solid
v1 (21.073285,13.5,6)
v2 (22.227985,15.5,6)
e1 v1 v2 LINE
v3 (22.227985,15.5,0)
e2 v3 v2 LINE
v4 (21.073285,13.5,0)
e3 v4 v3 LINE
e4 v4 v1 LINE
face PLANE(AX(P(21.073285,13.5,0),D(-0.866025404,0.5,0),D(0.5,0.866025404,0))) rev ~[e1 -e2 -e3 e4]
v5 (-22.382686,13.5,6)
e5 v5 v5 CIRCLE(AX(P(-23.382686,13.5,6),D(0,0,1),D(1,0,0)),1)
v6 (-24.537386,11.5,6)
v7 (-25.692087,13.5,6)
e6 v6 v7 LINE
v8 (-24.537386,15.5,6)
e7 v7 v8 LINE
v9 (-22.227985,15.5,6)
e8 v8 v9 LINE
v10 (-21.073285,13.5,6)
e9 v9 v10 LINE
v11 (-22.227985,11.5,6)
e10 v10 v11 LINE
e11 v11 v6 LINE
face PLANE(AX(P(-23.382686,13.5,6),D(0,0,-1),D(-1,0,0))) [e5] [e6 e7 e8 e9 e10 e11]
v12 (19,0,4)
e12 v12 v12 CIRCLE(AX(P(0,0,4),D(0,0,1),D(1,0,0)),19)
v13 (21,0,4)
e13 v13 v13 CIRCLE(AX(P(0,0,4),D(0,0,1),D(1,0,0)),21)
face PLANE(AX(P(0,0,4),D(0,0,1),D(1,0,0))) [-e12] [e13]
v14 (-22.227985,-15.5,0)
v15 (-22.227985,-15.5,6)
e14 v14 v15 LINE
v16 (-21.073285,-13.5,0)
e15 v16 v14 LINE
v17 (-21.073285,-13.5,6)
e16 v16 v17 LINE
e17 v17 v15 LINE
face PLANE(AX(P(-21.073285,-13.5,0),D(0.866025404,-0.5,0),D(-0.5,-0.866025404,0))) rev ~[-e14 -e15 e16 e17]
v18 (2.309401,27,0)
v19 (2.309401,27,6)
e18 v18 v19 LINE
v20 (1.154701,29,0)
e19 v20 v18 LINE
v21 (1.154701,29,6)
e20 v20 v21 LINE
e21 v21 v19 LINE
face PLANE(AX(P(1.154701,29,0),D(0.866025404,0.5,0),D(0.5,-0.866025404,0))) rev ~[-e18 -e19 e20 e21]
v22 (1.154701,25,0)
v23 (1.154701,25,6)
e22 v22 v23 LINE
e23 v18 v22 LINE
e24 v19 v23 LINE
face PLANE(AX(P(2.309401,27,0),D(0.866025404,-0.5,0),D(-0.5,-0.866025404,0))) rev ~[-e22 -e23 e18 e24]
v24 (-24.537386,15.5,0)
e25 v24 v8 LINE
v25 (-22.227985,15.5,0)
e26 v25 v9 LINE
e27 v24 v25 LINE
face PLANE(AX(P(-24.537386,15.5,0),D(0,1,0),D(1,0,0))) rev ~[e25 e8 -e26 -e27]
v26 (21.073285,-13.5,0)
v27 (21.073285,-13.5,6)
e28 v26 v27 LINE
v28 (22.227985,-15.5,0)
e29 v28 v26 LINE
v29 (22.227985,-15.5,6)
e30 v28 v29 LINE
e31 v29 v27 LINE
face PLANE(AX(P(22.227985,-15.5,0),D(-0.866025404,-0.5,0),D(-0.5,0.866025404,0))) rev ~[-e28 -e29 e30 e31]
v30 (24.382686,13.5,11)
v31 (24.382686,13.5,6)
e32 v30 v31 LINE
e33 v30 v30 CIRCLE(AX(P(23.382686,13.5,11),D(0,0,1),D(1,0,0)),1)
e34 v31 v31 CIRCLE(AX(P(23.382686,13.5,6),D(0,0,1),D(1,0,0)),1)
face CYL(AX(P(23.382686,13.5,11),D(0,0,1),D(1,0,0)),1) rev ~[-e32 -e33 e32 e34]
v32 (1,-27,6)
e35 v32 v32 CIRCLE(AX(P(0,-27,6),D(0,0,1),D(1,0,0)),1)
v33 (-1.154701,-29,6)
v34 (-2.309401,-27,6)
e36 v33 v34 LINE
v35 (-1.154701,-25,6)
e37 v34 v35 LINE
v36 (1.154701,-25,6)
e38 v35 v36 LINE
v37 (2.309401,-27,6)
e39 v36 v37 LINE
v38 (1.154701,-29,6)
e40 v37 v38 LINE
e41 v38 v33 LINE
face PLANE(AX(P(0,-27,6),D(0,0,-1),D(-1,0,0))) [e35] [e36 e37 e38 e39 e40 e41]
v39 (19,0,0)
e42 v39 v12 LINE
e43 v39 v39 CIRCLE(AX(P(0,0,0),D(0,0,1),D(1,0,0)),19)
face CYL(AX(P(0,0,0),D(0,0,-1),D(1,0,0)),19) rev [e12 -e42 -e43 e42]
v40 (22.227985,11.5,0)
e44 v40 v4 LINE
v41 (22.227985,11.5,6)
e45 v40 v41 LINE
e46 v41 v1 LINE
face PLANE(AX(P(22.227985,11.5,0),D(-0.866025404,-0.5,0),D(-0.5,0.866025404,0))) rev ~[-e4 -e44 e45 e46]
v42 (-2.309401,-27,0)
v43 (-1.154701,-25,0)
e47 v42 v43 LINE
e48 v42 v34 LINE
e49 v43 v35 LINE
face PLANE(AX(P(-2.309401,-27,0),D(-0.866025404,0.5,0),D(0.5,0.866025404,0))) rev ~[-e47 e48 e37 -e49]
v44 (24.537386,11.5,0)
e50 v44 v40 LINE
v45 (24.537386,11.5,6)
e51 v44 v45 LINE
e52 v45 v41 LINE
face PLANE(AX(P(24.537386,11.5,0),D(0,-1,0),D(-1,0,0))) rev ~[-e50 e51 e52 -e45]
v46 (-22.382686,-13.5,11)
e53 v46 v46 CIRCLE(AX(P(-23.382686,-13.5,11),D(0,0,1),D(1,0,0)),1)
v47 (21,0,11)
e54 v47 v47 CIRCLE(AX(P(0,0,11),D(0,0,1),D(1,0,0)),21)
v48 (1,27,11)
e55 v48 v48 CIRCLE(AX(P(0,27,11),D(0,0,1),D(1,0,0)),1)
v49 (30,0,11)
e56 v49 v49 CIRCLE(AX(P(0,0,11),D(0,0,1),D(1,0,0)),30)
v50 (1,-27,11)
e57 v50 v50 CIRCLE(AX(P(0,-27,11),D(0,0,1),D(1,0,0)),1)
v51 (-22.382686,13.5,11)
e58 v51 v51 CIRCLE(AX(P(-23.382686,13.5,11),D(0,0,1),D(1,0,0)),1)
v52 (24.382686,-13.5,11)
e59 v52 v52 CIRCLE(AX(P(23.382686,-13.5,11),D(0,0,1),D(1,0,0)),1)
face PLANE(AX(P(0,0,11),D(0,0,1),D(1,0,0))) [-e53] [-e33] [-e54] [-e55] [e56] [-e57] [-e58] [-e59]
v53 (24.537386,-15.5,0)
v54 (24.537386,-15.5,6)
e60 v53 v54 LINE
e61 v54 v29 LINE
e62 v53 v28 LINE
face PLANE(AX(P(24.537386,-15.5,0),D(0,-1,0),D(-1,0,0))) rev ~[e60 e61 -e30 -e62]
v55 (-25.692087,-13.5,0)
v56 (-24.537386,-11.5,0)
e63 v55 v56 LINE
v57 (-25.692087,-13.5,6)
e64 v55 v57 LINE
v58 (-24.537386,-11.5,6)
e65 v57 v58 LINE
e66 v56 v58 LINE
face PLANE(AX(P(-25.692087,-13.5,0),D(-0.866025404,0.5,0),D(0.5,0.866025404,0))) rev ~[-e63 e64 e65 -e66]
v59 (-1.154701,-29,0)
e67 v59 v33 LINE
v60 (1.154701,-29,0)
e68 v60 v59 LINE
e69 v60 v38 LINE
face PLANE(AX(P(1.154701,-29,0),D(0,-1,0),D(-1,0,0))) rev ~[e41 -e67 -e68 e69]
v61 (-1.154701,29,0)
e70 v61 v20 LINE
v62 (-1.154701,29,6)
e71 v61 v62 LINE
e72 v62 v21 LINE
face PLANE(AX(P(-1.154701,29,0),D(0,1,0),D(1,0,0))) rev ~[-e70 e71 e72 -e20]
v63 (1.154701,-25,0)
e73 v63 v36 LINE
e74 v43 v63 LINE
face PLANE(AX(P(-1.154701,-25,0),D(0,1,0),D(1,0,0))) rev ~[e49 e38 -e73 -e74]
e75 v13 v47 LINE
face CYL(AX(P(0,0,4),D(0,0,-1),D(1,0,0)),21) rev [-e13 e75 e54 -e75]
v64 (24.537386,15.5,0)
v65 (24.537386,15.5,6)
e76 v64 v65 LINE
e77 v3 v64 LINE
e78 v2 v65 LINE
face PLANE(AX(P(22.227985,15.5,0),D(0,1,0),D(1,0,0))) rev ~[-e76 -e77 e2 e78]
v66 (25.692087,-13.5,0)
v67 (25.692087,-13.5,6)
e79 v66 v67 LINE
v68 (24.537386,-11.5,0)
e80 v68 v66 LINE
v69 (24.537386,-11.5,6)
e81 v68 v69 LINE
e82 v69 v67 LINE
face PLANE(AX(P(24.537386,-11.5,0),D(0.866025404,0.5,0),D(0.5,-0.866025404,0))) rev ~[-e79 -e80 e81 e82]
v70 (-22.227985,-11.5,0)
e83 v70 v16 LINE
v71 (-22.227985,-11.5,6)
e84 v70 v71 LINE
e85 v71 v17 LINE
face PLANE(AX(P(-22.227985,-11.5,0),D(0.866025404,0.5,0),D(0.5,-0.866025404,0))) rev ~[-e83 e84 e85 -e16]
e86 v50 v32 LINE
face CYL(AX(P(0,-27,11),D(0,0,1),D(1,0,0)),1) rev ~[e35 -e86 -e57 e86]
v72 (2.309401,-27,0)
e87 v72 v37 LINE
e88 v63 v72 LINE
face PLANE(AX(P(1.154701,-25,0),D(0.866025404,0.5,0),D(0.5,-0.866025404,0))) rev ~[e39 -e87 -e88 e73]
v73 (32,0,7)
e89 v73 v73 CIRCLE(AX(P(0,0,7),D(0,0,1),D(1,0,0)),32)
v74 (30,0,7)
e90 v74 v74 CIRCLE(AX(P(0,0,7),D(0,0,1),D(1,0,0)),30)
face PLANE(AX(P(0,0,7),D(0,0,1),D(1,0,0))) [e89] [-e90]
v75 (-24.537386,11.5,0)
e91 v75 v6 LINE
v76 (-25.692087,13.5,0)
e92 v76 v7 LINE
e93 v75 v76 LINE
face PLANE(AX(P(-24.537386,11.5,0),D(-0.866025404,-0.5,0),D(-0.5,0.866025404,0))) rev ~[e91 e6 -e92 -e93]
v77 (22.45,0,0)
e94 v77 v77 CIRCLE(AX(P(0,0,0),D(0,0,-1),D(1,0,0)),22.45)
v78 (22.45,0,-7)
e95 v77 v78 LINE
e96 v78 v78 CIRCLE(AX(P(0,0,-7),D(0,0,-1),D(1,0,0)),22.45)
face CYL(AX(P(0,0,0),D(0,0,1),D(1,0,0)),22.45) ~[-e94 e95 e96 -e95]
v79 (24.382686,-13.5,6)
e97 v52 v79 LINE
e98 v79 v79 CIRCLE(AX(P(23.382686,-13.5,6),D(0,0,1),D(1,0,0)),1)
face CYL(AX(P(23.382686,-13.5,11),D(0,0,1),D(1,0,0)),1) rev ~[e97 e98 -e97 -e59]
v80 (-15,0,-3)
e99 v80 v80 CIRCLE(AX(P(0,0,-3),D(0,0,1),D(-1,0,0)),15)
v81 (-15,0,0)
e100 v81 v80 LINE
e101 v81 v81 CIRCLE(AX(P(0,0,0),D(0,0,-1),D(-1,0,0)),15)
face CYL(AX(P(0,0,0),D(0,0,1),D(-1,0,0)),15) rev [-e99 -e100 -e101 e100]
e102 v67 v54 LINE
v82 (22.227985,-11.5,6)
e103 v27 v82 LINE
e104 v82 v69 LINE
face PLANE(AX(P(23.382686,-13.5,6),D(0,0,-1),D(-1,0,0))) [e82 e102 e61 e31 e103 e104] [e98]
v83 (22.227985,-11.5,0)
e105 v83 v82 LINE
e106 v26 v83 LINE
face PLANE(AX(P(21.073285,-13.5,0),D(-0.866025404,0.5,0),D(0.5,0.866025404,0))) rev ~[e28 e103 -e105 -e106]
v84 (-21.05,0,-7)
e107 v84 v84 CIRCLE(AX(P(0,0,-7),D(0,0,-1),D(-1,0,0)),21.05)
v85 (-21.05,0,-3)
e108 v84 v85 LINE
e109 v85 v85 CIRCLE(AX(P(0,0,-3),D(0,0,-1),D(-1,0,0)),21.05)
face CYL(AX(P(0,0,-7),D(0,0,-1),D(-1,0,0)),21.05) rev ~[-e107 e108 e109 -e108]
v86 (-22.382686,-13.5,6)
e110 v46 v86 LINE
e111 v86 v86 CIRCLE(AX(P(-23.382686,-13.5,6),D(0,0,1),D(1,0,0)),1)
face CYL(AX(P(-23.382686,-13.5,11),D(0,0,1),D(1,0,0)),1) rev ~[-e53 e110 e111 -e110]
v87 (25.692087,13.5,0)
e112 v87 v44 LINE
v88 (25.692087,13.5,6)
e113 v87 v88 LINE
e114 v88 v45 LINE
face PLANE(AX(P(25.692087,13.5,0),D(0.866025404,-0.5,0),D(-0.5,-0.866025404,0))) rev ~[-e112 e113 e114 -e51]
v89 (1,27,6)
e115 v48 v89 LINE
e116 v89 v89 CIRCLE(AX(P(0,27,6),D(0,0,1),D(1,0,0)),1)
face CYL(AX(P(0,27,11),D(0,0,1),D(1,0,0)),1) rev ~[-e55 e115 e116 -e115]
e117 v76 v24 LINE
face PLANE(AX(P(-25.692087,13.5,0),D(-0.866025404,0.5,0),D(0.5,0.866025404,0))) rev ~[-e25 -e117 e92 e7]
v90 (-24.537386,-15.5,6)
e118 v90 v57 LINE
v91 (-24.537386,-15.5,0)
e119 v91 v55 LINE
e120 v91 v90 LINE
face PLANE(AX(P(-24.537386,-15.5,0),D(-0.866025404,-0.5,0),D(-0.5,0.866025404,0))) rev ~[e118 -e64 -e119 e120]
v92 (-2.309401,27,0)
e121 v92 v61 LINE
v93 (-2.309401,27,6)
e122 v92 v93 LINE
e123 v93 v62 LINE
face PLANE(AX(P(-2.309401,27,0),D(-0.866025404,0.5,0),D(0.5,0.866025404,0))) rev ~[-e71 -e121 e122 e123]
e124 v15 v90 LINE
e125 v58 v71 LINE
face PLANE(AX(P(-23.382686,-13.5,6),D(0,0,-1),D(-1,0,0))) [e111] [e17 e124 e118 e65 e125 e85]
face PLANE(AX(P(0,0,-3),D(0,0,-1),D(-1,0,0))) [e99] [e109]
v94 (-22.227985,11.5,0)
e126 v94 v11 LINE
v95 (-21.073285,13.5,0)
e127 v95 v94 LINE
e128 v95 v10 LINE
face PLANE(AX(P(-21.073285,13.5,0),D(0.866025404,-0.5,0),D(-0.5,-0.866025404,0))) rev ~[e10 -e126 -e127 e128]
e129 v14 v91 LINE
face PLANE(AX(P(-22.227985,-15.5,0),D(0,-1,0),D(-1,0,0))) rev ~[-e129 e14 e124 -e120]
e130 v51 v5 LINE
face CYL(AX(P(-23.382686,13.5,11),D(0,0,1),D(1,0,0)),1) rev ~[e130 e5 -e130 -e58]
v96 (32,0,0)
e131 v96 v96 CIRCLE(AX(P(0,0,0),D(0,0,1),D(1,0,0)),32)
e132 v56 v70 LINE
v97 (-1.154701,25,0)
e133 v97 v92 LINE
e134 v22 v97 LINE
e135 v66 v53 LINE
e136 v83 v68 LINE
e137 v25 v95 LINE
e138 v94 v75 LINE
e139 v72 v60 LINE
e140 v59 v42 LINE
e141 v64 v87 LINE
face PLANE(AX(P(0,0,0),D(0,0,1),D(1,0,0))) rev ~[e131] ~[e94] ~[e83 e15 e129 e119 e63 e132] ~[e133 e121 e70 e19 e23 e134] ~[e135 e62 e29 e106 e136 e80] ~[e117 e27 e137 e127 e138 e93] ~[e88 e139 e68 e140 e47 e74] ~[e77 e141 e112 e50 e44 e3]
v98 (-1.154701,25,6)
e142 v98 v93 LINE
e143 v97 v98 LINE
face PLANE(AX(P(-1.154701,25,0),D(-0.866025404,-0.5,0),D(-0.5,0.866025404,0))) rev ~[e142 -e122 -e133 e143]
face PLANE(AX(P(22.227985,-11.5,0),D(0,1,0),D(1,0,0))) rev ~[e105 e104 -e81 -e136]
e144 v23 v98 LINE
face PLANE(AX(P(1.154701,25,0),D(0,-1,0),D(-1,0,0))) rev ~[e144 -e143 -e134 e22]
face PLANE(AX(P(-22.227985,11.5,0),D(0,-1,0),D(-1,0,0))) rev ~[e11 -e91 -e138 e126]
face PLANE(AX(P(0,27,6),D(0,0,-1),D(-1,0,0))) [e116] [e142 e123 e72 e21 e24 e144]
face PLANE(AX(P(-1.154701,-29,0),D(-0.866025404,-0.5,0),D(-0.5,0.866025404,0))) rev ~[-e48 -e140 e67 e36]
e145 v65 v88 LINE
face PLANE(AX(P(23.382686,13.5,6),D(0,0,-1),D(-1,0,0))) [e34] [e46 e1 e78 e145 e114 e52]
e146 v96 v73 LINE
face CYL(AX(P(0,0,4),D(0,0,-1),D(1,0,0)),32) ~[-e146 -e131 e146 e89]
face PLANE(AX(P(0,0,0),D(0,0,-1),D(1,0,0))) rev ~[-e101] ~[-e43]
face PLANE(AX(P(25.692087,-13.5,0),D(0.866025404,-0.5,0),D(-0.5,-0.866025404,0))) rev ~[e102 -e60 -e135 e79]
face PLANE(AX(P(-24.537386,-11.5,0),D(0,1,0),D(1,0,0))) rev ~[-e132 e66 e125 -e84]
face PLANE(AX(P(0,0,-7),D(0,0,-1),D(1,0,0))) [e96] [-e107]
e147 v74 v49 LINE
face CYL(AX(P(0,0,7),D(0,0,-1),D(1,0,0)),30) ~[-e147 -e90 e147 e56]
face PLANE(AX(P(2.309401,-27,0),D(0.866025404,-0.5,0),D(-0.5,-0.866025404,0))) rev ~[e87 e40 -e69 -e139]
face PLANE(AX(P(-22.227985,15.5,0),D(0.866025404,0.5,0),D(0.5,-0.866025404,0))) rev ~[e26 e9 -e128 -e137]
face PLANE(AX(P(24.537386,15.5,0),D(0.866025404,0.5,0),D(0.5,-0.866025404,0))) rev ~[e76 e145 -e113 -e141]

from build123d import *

# Parameters (mm, degrees)
SKETCH_1_R          = 32
SKETCH_1_R_2        = 19
EXTRUDE_1_DEPTH     = 4
SKETCH_2_R          = 32
SKETCH_2_R_2        = 21
EXTRUDE_2_DEPTH     = 7
SKETCH_3_R          = 1
CUT_EXTRUDE_1_DEPTH = 47.572524089
CUT_EXTRUDE_2_DEPTH = 6
SKETCH_5_R          = 22.45
SKETCH_5_R_2        = 15
EXTRUDE_3_DEPTH     = 7
SKETCH_6_R          = 21.05
CUT_EXTRUDE_3_DEPTH = 4
CUT_EXTRUDE_START   = -4
SKETCH_7_R          = 32
SKETCH_7_R_2        = 30
CUT_EXTRUDE_4_DEPTH = 4


with BuildPart() as part:
    # 草图1 → 凸台-拉伸1 (new body)
    with BuildSketch(Plane.XY):
        Circle(SKETCH_1_R)
        Circle(SKETCH_1_R_2, mode=Mode.SUBTRACT)
    extrude(amount=EXTRUDE_1_DEPTH)

    # 草图2 → 凸台-拉伸2 (add)
    with BuildSketch(Plane.XY.offset(4)):
        Circle(SKETCH_2_R)
        Circle(SKETCH_2_R_2, mode=Mode.SUBTRACT)
    extrude(amount=EXTRUDE_2_DEPTH)

    # 草图3 → 切除-拉伸1 (cut, through all)
    with BuildSketch(Plane.XY.offset(11)):
        with Locations((0, 27)):
            Circle(SKETCH_3_R)
        with Locations((23.382685902, 13.5)):
            Circle(SKETCH_3_R)
        with Locations((23.382685902, -13.5)):
            Circle(SKETCH_3_R)
        with Locations((0, -27)):
            Circle(SKETCH_3_R)
        with Locations((-23.382685902, -13.5)):
            Circle(SKETCH_3_R)
        with Locations((-23.382685902, 13.5)):
            Circle(SKETCH_3_R)
    extrude(amount=-CUT_EXTRUDE_1_DEPTH, mode=Mode.SUBTRACT)

    # 草图4 → 切除-拉伸2 (cut)
    with BuildSketch(Plane(origin=(0, 0, 0), x_dir=(-1, 0, 0), z_dir=(0, 0, -1))):
        Polygon((21.073284825, 13.5), (22.227985364, 11.5), (24.537386441, 11.5), (25.692086979, 13.5), (24.537386441, 15.5), (22.227985364, 15.5), align=None)
        Polygon((-1.154700538, 25), (1.154700538, 25), (2.309401077, 27), (1.154700538, 29), (-1.154700538, 29), (-2.309401077, 27), align=None)
        Polygon((22.227985364, -11.5), (21.073284825, -13.5), (22.227985364, -15.5), (24.537386441, -15.5), (25.692086979, -13.5), (24.537386441, -11.5), align=None)
        Polygon((1.154700538, -25), (-1.154700538, -25), (-2.309401077, -27), (-1.154700538, -29), (1.154700538, -29), (2.309401077, -27), align=None)
        Polygon((-21.073284825, -13.5), (-22.227985364, -11.5), (-24.537386441, -11.5), (-25.692086979, -13.5), (-24.537386441, -15.5), (-22.227985364, -15.5), align=None)
        Polygon((-22.227985364, 11.5), (-21.073284825, 13.5), (-22.227985364, 15.5), (-24.537386441, 15.5), (-25.692086979, 13.5), (-24.537386441, 11.5), align=None)
    extrude(amount=-CUT_EXTRUDE_2_DEPTH, mode=Mode.SUBTRACT)

    # 草图5 → 凸台-拉伸3 (add)
    with BuildSketch(Plane(origin=(0, 0, 0), x_dir=(-1, 0, 0), z_dir=(0, 0, -1))):
        with Locations(Location((0, 0, 0), (0, 0, 180))):
            Circle(SKETCH_5_R)
        Circle(SKETCH_5_R_2, mode=Mode.SUBTRACT)
    extrude(amount=EXTRUDE_3_DEPTH)

    # 草图6 → 切除-拉伸3 (cut)
    with BuildSketch(Plane(origin=(0, 0, -7), x_dir=(-1, 0, 0), z_dir=(0, 0, -1))):
        Circle(SKETCH_6_R)
    extrude(amount=-CUT_EXTRUDE_3_DEPTH, mode=Mode.SUBTRACT)

    # 草图7 → 切除-拉伸4 (cut)
    with BuildSketch(Plane.XY.offset(11).offset(CUT_EXTRUDE_START)):
        Circle(SKETCH_7_R)
        Circle(SKETCH_7_R_2, mode=Mode.SUBTRACT)
    extrude(amount=CUT_EXTRUDE_4_DEPTH, mode=Mode.SUBTRACT)


solid = part.part
